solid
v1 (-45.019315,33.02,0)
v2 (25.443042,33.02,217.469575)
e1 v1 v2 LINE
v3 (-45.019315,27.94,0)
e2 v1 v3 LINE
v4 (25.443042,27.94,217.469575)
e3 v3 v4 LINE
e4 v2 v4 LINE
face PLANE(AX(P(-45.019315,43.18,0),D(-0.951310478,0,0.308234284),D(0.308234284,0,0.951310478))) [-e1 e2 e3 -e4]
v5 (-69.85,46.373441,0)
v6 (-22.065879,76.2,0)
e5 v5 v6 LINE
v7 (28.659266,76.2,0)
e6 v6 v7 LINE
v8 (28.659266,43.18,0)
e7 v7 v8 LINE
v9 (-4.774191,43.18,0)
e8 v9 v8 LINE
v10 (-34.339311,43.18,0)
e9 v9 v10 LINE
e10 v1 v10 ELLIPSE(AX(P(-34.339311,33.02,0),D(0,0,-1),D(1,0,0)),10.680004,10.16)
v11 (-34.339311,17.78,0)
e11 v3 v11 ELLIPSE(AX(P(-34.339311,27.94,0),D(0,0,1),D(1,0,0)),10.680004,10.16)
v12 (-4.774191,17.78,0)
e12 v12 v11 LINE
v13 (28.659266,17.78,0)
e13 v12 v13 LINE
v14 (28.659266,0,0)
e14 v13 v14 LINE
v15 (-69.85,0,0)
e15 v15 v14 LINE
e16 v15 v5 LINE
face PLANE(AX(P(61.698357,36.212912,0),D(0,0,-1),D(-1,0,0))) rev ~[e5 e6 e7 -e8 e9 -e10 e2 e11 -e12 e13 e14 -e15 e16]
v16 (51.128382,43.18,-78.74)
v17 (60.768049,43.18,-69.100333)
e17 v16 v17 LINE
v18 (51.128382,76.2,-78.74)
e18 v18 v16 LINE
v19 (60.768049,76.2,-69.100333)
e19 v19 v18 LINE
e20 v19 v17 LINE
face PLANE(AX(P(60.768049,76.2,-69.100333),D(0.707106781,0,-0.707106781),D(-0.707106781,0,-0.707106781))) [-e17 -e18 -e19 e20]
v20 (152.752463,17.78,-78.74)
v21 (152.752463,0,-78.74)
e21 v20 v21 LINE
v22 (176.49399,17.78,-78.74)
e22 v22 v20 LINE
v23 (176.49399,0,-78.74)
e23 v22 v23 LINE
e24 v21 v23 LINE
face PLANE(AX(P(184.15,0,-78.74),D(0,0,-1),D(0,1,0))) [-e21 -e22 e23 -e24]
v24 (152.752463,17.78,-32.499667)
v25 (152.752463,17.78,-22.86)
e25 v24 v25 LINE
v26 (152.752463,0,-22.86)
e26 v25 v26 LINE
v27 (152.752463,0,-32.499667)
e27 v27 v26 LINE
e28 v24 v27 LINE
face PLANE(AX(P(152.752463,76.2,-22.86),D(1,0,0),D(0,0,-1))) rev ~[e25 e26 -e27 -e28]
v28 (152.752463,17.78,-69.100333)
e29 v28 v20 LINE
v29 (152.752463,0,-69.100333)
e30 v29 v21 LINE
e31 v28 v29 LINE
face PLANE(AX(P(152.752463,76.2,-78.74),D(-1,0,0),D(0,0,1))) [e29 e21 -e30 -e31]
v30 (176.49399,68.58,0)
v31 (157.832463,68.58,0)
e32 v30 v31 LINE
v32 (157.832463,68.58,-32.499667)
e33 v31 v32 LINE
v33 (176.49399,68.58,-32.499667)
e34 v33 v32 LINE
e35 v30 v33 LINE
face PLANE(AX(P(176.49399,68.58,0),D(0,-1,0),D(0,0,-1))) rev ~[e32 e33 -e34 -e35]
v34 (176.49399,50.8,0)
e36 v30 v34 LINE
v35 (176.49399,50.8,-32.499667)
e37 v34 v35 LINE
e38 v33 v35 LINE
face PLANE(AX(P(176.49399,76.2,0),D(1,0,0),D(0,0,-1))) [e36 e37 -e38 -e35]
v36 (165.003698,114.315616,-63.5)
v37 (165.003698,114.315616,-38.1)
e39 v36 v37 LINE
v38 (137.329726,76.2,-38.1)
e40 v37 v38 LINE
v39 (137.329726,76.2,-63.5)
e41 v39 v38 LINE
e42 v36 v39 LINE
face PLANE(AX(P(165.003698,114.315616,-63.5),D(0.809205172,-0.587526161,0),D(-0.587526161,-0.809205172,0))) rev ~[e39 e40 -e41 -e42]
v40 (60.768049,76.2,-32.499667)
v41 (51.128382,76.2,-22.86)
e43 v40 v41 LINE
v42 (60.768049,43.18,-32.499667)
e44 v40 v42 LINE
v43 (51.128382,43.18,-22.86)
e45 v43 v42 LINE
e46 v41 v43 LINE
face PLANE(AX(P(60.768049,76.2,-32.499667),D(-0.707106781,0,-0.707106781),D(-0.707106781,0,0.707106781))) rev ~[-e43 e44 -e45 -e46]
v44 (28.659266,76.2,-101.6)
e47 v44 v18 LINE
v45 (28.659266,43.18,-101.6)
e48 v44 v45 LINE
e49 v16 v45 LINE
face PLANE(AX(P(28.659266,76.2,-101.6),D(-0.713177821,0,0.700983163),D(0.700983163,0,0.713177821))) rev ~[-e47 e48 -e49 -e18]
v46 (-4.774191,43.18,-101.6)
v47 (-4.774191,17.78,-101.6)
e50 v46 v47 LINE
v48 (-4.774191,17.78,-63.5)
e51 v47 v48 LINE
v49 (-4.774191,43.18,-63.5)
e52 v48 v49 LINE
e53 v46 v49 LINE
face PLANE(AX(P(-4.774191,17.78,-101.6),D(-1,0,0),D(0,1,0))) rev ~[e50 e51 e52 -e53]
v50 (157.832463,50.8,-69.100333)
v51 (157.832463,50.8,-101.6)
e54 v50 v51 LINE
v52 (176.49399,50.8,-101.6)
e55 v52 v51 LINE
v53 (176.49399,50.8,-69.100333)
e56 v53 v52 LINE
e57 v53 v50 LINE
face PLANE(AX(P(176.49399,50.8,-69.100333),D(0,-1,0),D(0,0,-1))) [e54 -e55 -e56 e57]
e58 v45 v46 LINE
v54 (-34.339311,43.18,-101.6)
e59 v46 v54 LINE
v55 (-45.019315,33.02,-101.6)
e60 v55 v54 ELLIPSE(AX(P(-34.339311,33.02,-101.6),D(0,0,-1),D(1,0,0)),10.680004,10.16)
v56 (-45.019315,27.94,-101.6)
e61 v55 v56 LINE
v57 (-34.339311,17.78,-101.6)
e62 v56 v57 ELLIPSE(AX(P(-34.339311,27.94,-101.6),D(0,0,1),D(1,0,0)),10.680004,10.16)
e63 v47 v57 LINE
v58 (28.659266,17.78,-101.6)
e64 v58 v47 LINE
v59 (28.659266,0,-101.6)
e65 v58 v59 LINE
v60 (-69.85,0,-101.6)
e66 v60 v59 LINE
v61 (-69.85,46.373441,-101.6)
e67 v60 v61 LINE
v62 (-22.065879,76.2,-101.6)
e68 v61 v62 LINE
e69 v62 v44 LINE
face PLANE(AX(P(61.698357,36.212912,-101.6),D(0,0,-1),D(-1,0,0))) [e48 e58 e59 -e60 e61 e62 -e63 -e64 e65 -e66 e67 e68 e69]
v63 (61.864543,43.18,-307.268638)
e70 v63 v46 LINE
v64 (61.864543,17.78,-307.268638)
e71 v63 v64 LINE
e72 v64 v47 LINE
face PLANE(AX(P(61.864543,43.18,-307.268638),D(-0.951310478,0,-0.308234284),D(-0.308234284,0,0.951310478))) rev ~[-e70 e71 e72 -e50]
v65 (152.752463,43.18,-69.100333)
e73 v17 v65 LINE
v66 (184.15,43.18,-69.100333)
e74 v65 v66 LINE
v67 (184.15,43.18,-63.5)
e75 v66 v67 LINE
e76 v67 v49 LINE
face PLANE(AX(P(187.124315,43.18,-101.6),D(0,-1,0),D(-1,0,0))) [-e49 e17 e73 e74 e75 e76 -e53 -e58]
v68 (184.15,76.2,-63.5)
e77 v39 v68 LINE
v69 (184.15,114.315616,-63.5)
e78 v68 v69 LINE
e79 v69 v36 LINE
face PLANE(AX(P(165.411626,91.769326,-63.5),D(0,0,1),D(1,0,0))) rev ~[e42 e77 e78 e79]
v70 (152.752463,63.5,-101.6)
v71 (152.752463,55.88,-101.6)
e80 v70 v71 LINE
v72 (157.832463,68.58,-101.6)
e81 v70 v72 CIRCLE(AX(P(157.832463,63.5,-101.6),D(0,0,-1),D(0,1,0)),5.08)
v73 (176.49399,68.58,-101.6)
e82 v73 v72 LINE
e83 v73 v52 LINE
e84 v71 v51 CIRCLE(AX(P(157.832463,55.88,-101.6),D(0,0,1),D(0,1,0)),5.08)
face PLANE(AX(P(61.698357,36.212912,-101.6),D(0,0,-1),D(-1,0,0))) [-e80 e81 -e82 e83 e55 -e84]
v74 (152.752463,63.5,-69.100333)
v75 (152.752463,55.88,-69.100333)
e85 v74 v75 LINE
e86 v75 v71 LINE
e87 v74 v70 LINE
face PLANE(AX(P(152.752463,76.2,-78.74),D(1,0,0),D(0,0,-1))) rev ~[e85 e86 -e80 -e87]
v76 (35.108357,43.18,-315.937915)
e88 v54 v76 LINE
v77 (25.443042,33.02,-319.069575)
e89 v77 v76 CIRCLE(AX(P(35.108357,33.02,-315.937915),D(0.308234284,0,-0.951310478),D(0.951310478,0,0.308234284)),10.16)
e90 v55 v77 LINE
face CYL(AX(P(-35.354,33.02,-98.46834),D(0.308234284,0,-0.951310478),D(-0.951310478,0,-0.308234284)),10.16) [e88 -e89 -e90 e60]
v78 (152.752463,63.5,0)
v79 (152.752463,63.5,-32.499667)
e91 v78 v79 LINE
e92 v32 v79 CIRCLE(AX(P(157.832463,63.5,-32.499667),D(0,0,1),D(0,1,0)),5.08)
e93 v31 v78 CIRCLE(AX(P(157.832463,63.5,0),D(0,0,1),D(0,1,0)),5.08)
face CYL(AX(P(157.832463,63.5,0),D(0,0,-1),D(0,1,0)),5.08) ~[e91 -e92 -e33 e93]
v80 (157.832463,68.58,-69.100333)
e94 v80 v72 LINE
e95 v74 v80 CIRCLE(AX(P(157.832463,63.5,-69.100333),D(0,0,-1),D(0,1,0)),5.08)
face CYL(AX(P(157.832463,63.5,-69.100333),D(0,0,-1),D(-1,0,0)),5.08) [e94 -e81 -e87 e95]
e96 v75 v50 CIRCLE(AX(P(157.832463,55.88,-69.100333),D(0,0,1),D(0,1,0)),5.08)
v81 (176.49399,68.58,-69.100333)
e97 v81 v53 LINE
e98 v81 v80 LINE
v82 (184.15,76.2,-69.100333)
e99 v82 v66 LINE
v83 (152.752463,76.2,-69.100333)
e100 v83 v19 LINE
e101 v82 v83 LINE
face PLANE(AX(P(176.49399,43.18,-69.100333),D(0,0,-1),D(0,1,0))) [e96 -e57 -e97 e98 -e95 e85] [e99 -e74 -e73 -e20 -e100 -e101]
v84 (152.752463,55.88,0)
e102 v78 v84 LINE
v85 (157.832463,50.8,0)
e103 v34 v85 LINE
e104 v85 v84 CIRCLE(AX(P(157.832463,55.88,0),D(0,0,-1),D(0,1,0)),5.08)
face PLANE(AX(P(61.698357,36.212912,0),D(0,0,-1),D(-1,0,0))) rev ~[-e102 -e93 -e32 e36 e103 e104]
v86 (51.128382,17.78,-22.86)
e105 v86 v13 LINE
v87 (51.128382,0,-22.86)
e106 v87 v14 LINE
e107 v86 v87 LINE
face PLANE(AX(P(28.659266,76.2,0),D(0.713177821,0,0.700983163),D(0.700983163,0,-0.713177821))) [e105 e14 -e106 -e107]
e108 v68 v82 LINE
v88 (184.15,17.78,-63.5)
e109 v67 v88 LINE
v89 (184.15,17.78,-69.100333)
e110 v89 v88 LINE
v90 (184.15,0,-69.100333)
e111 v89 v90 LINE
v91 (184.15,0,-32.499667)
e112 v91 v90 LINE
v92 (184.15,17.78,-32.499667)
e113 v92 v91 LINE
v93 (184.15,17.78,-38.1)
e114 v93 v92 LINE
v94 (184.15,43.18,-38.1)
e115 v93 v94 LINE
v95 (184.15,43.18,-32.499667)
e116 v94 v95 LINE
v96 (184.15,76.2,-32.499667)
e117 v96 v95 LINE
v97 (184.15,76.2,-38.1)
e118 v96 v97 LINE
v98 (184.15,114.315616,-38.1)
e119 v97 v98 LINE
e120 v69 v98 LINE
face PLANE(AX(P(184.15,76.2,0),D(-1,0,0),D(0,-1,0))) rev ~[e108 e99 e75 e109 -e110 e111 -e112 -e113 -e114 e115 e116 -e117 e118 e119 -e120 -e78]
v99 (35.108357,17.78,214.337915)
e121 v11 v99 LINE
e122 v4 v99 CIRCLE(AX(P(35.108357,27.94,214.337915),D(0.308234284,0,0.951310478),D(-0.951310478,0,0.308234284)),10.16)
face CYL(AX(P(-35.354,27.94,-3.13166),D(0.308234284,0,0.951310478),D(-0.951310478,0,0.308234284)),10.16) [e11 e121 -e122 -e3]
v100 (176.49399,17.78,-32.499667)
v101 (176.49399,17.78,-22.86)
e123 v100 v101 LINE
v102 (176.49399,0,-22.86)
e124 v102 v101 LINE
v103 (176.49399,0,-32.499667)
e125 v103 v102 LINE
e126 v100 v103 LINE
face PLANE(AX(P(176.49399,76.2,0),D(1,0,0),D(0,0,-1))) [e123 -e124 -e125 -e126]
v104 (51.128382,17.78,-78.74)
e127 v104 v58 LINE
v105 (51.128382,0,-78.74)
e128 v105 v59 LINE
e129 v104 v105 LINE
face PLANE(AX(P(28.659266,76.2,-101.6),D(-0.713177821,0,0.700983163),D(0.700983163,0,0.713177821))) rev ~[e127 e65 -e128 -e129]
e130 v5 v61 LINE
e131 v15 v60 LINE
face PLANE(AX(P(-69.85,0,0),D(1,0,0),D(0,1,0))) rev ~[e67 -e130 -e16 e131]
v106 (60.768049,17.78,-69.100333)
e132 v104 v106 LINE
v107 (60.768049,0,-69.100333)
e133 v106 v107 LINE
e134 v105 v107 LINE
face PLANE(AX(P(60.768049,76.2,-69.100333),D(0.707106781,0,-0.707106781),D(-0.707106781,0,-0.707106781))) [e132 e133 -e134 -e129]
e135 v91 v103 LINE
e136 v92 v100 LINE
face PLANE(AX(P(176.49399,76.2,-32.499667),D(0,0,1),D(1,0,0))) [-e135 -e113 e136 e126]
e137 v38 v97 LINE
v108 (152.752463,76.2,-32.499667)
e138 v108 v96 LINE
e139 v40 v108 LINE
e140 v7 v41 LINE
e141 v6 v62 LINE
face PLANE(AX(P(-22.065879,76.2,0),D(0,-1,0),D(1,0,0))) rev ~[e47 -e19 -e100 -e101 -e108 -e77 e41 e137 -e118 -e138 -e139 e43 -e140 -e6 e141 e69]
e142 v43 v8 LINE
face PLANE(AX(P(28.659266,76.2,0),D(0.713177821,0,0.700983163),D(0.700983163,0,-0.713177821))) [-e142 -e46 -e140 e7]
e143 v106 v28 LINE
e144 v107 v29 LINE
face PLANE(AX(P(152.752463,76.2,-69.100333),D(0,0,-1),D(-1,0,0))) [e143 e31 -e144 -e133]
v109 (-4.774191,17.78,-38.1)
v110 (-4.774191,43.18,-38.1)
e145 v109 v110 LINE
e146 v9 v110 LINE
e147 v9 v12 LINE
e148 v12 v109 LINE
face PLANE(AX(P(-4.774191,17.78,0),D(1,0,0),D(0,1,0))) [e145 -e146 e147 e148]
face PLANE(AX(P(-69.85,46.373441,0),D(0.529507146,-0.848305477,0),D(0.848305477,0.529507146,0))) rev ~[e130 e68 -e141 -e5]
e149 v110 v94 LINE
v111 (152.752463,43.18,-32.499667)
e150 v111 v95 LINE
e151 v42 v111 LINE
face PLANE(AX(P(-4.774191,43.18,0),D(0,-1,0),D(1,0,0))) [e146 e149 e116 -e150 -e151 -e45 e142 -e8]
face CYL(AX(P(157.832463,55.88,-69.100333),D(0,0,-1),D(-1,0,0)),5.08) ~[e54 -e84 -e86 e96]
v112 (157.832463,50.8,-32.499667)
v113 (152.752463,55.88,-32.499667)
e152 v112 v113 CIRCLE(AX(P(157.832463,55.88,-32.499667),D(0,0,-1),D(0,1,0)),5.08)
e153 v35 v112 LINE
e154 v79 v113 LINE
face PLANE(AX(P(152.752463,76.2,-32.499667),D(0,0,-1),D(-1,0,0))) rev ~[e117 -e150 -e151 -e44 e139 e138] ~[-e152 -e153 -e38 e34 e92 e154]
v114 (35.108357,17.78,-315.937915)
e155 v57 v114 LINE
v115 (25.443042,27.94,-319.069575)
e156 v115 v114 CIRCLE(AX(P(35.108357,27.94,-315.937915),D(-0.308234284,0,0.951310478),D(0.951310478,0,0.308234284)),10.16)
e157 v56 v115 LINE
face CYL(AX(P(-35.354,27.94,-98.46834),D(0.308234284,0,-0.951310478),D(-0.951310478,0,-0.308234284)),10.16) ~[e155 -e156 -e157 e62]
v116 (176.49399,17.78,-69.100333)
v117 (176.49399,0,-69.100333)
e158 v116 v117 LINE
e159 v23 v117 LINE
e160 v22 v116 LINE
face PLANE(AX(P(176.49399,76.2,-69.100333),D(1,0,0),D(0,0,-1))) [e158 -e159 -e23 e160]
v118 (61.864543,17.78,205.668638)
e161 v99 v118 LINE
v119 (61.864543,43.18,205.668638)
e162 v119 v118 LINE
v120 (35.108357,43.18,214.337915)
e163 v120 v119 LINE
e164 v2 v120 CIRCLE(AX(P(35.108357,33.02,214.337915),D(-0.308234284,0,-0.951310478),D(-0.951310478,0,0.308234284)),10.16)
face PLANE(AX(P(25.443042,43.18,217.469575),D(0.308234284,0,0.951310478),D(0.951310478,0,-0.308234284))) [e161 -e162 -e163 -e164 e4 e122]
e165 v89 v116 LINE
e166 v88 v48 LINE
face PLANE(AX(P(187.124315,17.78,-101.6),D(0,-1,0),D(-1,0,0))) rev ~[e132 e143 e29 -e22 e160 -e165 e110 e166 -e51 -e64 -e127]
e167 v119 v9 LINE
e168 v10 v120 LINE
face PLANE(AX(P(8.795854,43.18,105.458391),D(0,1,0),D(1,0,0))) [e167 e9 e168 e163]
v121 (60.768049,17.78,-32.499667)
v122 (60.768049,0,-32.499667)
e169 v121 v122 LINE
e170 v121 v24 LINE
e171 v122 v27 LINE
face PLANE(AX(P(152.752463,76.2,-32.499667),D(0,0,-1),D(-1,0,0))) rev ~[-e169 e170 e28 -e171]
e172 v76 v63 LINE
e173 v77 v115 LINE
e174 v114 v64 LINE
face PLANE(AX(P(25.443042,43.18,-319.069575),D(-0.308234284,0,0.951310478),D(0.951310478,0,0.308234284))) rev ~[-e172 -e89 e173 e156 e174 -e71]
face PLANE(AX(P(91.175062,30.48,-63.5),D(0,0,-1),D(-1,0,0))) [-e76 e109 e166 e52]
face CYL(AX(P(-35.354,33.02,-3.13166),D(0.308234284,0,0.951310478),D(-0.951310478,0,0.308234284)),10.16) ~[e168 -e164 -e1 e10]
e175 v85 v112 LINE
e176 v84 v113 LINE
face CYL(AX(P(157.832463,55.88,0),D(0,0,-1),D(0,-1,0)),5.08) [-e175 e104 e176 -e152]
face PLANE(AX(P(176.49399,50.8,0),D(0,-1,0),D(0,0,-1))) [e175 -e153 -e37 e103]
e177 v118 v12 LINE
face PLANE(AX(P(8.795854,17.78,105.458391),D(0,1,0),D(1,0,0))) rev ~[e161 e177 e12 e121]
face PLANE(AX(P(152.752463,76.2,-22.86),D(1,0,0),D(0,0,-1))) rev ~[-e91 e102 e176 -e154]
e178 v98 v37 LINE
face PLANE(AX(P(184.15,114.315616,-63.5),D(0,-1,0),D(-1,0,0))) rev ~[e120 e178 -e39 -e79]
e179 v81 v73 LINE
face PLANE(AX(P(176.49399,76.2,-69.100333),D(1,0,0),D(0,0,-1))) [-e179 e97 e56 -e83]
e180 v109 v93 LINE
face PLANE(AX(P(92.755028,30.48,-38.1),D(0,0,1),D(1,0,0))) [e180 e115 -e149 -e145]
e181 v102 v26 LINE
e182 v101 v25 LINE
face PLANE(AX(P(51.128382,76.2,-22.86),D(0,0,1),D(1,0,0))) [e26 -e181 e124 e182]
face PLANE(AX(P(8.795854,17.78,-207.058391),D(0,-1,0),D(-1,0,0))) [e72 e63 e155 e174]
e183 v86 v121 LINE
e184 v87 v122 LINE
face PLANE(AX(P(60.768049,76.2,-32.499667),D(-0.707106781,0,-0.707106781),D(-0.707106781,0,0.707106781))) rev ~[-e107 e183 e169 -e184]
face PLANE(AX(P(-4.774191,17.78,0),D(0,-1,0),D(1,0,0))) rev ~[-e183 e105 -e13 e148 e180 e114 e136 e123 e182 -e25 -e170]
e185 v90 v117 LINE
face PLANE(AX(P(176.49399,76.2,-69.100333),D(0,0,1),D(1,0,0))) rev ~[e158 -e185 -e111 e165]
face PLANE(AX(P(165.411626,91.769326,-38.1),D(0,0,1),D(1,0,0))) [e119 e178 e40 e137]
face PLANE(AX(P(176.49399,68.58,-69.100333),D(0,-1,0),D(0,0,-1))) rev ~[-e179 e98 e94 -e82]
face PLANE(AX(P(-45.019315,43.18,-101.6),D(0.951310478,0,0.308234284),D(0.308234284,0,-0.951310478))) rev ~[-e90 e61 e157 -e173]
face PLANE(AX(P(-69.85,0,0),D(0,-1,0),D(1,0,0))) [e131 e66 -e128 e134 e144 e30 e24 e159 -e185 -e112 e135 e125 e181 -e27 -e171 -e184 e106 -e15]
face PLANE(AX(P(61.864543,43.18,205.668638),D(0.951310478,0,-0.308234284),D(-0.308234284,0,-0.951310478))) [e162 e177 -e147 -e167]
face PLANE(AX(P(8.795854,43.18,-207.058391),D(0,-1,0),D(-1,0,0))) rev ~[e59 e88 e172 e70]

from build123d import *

# Parameters (mm, degrees)
BOSS_EXTRUDE1_DEPTH = 101.6
BOSS_EXTRUDE2_START = -33.02
BOSS_EXTRUDE2_DEPTH = 25.4
SKETCH4_W           = 195.058436962
SKETCH4_H           = 25.4
CUT_EXTRUDE1_DEPTH  = 38.1
SKETCH5_W           = 191.898505545
SKETCH5_H           = 25.4
CUT_EXTRUDE4_DEPTH  = 38.1
CUT_EXTRUDE5_DEPTH  = 101.6
BOSS_EXTRUDE3_START = -63.5
BOSS_EXTRUDE3_DEPTH = 25.4
FILLET1_R           = 10.16
FILLET2_R           = 10.16
FILLET3_R           = 10.16
FILLET4_R           = 10.16
SKETCH9_W           = 22.86
SKETCH9_H           = 17.78
CUT_EXTRUDE6_DEPTH  = 50.8
SKETCH10_W          = 7.656009699
SKETCH10_H          = 32.499666645
CUT_EXTRUDE7_DEPTH  = 77.2
CUT_EXTRUDE8_DEPTH  = 77.2
SKETCH12_W          = 32.499666645
SKETCH12_H          = 7.62
CUT_EXTRUDE9_DEPTH  = 50.8
FILLET6_R           = 5.08


with BuildPart() as part:
    # Sketch1 → Boss-Extrude1 (new body)
    with BuildSketch(Plane.XY):
        Polygon((0, 0), (-69.85, 0), (-69.85, 46.373441022), (-22.065879406, 76.2), (184.15, 76.2), (184.15, 0), align=None)
    extrude(amount=-BOSS_EXTRUDE1_DEPTH)

    # Sketch3 → Boss-Extrude2 (add)
    with BuildSketch(Plane(origin=(0, 76.2, 0), x_dir=(1, 0, 0), z_dir=(0, 1, 0)).offset(BOSS_EXTRUDE2_START)):
        Polygon((-45.019314853, 101.6), (25.443042364, 319.069575379), (61.864542757, 307.268638321), (-4.774190667, 101.6), align=None)
        Polygon((-4.774190667, 0), (-45.019314853, 0), (25.443042364, -217.469575379), (61.864542757, -205.668638321), align=None)
    extrude(amount=-BOSS_EXTRUDE2_DEPTH)

    # Sketch4 → Cut-Extrude1 (cut)
    with BuildSketch(Plane.XY):
        with Locations((92.755027814, 30.48)):
            Rectangle(SKETCH4_W, SKETCH4_H)
    extrude(amount=-CUT_EXTRUDE1_DEPTH, mode=Mode.SUBTRACT)

    # Sketch5 → Cut-Extrude4 (cut)
    with BuildSketch(Plane(origin=(0, 0, -101.6), x_dir=(-1, 0, 0), z_dir=(0, 0, -1))):
        with Locations((-91.175062106, 30.48)):
            Rectangle(SKETCH5_W, SKETCH5_H)
    extrude(amount=-CUT_EXTRUDE4_DEPTH, mode=Mode.SUBTRACT)

    # Sketch6 → Cut-Extrude5 (cut)
    with BuildSketch(Plane(origin=(0, 76.2, 0), x_dir=(1, 0, 0), z_dir=(0, 1, 0))):
        Polygon((28.659266364, 0), (51.128382236, 22.86), (152.752463445, 22.86), (152.752463445, 0), align=None)
        Polygon((152.752463445, 78.74), (152.752463445, 101.6), (28.659266364, 101.6), (51.128382236, 78.74), align=None)
    extrude(amount=-CUT_EXTRUDE5_DEPTH, mode=Mode.SUBTRACT)

    # Sketch8 → Boss-Extrude3 (add)
    with BuildSketch(Plane.XY.offset(BOSS_EXTRUDE3_START)):
        Polygon((184.15, 76.2), (184.15, 114.315616278), (165.003698403, 114.315616278), (137.329725858, 76.2), align=None)
    extrude(amount=BOSS_EXTRUDE3_DEPTH)

    # Fillet1
    fillet1_edges = [part.edges().sort_by_distance(p)[0] for p in [
        (-9.788136245, 43.18, 108.734787689),
    ]]
    fillet(fillet1_edges, radius=FILLET1_R)

    # Fillet2
    fillet2_edges = [part.edges().sort_by_distance(p)[0] for p in [
        (-9.788136245, 17.78, 108.734787689),
    ]]
    fillet(fillet2_edges, radius=FILLET2_R)

    # Fillet3
    fillet3_edges = [part.edges().sort_by_distance(p)[0] for p in [
        (-9.788136245, 43.18, -210.334787689),
    ]]
    fillet(fillet3_edges, radius=FILLET3_R)

    # Fillet4
    fillet4_edges = [part.edges().sort_by_distance(p)[0] for p in [
        (-9.788136245, 17.78, -210.334787689),
    ]]
    fillet(fillet4_edges, radius=FILLET4_R)

    # Sketch9 → Cut-Extrude6 (cut)
    with BuildSketch(Plane(origin=(184.15, 0, 0), x_dir=(0, 0, -1), z_dir=(1, 0, 0))):
        with Locations((90.17, 8.89)):
            Rectangle(SKETCH9_W, SKETCH9_H)
        with Locations((11.43, 8.89)):
            Rectangle(SKETCH9_W, SKETCH9_H)
    extrude(amount=-CUT_EXTRUDE6_DEPTH, mode=Mode.SUBTRACT)

    # Sketch10 → Cut-Extrude7 (cut, through all)
    with BuildSketch(Plane(origin=(0, 76.2, 0), x_dir=(1, 0, 0), z_dir=(0, 1, 0))):
        with Locations((180.321995151, 16.249833323)):
            Rectangle(SKETCH10_W, SKETCH10_H)
        with Locations((180.321995151, 85.350166677)):
            Rectangle(SKETCH10_W, SKETCH10_H)
    extrude(amount=-CUT_EXTRUDE7_DEPTH, mode=Mode.SUBTRACT)

    # Sketch11 → Cut-Extrude8 (cut, through all)
    with BuildSketch(Plane(origin=(0, 76.2, 0), x_dir=(1, 0, 0), z_dir=(0, 1, 0))):
        Polygon((152.752463445, 22.86), (152.752463445, 32.499666645), (60.768048881, 32.499666645), (51.128382236, 22.86), align=None)
        Polygon((152.752463445, 78.74), (152.752463445, 69.100333355), (60.768048881, 69.100333355), (51.128382236, 78.74), align=None)
    extrude(amount=-CUT_EXTRUDE8_DEPTH, mode=Mode.SUBTRACT)

    # Sketch12 → Cut-Extrude9 (cut)
    with BuildSketch(Plane(origin=(176.493990301, 0, 0), x_dir=(0, 0, -1), z_dir=(1, 0, 0))):
        with Locations((85.350166677, 72.39)):
            Rectangle(SKETCH12_W, SKETCH12_H)
        with Locations((85.350166677, 46.99)):
            Rectangle(SKETCH12_W, SKETCH12_H)
        with Locations((16.249833323, 46.99)):
            Rectangle(SKETCH12_W, SKETCH12_H)
        with Locations((16.249833323, 72.39)):
            Rectangle(SKETCH12_W, SKETCH12_H)
    extrude(amount=-CUT_EXTRUDE9_DEPTH, mode=Mode.SUBTRACT)

    # Fillet6
    fillet6_edges = [part.edges().sort_by_distance(p)[0] for p in [
        (152.752463445, 68.58, -16.249833323),
        (152.752463445, 50.8, -16.249833323),
        (152.752463445, 50.8, -85.350166677),
        (152.752463445, 68.58, -85.350166677),
    ]]
    fillet(fillet6_edges, radius=FILLET6_R)


solid = part.part
